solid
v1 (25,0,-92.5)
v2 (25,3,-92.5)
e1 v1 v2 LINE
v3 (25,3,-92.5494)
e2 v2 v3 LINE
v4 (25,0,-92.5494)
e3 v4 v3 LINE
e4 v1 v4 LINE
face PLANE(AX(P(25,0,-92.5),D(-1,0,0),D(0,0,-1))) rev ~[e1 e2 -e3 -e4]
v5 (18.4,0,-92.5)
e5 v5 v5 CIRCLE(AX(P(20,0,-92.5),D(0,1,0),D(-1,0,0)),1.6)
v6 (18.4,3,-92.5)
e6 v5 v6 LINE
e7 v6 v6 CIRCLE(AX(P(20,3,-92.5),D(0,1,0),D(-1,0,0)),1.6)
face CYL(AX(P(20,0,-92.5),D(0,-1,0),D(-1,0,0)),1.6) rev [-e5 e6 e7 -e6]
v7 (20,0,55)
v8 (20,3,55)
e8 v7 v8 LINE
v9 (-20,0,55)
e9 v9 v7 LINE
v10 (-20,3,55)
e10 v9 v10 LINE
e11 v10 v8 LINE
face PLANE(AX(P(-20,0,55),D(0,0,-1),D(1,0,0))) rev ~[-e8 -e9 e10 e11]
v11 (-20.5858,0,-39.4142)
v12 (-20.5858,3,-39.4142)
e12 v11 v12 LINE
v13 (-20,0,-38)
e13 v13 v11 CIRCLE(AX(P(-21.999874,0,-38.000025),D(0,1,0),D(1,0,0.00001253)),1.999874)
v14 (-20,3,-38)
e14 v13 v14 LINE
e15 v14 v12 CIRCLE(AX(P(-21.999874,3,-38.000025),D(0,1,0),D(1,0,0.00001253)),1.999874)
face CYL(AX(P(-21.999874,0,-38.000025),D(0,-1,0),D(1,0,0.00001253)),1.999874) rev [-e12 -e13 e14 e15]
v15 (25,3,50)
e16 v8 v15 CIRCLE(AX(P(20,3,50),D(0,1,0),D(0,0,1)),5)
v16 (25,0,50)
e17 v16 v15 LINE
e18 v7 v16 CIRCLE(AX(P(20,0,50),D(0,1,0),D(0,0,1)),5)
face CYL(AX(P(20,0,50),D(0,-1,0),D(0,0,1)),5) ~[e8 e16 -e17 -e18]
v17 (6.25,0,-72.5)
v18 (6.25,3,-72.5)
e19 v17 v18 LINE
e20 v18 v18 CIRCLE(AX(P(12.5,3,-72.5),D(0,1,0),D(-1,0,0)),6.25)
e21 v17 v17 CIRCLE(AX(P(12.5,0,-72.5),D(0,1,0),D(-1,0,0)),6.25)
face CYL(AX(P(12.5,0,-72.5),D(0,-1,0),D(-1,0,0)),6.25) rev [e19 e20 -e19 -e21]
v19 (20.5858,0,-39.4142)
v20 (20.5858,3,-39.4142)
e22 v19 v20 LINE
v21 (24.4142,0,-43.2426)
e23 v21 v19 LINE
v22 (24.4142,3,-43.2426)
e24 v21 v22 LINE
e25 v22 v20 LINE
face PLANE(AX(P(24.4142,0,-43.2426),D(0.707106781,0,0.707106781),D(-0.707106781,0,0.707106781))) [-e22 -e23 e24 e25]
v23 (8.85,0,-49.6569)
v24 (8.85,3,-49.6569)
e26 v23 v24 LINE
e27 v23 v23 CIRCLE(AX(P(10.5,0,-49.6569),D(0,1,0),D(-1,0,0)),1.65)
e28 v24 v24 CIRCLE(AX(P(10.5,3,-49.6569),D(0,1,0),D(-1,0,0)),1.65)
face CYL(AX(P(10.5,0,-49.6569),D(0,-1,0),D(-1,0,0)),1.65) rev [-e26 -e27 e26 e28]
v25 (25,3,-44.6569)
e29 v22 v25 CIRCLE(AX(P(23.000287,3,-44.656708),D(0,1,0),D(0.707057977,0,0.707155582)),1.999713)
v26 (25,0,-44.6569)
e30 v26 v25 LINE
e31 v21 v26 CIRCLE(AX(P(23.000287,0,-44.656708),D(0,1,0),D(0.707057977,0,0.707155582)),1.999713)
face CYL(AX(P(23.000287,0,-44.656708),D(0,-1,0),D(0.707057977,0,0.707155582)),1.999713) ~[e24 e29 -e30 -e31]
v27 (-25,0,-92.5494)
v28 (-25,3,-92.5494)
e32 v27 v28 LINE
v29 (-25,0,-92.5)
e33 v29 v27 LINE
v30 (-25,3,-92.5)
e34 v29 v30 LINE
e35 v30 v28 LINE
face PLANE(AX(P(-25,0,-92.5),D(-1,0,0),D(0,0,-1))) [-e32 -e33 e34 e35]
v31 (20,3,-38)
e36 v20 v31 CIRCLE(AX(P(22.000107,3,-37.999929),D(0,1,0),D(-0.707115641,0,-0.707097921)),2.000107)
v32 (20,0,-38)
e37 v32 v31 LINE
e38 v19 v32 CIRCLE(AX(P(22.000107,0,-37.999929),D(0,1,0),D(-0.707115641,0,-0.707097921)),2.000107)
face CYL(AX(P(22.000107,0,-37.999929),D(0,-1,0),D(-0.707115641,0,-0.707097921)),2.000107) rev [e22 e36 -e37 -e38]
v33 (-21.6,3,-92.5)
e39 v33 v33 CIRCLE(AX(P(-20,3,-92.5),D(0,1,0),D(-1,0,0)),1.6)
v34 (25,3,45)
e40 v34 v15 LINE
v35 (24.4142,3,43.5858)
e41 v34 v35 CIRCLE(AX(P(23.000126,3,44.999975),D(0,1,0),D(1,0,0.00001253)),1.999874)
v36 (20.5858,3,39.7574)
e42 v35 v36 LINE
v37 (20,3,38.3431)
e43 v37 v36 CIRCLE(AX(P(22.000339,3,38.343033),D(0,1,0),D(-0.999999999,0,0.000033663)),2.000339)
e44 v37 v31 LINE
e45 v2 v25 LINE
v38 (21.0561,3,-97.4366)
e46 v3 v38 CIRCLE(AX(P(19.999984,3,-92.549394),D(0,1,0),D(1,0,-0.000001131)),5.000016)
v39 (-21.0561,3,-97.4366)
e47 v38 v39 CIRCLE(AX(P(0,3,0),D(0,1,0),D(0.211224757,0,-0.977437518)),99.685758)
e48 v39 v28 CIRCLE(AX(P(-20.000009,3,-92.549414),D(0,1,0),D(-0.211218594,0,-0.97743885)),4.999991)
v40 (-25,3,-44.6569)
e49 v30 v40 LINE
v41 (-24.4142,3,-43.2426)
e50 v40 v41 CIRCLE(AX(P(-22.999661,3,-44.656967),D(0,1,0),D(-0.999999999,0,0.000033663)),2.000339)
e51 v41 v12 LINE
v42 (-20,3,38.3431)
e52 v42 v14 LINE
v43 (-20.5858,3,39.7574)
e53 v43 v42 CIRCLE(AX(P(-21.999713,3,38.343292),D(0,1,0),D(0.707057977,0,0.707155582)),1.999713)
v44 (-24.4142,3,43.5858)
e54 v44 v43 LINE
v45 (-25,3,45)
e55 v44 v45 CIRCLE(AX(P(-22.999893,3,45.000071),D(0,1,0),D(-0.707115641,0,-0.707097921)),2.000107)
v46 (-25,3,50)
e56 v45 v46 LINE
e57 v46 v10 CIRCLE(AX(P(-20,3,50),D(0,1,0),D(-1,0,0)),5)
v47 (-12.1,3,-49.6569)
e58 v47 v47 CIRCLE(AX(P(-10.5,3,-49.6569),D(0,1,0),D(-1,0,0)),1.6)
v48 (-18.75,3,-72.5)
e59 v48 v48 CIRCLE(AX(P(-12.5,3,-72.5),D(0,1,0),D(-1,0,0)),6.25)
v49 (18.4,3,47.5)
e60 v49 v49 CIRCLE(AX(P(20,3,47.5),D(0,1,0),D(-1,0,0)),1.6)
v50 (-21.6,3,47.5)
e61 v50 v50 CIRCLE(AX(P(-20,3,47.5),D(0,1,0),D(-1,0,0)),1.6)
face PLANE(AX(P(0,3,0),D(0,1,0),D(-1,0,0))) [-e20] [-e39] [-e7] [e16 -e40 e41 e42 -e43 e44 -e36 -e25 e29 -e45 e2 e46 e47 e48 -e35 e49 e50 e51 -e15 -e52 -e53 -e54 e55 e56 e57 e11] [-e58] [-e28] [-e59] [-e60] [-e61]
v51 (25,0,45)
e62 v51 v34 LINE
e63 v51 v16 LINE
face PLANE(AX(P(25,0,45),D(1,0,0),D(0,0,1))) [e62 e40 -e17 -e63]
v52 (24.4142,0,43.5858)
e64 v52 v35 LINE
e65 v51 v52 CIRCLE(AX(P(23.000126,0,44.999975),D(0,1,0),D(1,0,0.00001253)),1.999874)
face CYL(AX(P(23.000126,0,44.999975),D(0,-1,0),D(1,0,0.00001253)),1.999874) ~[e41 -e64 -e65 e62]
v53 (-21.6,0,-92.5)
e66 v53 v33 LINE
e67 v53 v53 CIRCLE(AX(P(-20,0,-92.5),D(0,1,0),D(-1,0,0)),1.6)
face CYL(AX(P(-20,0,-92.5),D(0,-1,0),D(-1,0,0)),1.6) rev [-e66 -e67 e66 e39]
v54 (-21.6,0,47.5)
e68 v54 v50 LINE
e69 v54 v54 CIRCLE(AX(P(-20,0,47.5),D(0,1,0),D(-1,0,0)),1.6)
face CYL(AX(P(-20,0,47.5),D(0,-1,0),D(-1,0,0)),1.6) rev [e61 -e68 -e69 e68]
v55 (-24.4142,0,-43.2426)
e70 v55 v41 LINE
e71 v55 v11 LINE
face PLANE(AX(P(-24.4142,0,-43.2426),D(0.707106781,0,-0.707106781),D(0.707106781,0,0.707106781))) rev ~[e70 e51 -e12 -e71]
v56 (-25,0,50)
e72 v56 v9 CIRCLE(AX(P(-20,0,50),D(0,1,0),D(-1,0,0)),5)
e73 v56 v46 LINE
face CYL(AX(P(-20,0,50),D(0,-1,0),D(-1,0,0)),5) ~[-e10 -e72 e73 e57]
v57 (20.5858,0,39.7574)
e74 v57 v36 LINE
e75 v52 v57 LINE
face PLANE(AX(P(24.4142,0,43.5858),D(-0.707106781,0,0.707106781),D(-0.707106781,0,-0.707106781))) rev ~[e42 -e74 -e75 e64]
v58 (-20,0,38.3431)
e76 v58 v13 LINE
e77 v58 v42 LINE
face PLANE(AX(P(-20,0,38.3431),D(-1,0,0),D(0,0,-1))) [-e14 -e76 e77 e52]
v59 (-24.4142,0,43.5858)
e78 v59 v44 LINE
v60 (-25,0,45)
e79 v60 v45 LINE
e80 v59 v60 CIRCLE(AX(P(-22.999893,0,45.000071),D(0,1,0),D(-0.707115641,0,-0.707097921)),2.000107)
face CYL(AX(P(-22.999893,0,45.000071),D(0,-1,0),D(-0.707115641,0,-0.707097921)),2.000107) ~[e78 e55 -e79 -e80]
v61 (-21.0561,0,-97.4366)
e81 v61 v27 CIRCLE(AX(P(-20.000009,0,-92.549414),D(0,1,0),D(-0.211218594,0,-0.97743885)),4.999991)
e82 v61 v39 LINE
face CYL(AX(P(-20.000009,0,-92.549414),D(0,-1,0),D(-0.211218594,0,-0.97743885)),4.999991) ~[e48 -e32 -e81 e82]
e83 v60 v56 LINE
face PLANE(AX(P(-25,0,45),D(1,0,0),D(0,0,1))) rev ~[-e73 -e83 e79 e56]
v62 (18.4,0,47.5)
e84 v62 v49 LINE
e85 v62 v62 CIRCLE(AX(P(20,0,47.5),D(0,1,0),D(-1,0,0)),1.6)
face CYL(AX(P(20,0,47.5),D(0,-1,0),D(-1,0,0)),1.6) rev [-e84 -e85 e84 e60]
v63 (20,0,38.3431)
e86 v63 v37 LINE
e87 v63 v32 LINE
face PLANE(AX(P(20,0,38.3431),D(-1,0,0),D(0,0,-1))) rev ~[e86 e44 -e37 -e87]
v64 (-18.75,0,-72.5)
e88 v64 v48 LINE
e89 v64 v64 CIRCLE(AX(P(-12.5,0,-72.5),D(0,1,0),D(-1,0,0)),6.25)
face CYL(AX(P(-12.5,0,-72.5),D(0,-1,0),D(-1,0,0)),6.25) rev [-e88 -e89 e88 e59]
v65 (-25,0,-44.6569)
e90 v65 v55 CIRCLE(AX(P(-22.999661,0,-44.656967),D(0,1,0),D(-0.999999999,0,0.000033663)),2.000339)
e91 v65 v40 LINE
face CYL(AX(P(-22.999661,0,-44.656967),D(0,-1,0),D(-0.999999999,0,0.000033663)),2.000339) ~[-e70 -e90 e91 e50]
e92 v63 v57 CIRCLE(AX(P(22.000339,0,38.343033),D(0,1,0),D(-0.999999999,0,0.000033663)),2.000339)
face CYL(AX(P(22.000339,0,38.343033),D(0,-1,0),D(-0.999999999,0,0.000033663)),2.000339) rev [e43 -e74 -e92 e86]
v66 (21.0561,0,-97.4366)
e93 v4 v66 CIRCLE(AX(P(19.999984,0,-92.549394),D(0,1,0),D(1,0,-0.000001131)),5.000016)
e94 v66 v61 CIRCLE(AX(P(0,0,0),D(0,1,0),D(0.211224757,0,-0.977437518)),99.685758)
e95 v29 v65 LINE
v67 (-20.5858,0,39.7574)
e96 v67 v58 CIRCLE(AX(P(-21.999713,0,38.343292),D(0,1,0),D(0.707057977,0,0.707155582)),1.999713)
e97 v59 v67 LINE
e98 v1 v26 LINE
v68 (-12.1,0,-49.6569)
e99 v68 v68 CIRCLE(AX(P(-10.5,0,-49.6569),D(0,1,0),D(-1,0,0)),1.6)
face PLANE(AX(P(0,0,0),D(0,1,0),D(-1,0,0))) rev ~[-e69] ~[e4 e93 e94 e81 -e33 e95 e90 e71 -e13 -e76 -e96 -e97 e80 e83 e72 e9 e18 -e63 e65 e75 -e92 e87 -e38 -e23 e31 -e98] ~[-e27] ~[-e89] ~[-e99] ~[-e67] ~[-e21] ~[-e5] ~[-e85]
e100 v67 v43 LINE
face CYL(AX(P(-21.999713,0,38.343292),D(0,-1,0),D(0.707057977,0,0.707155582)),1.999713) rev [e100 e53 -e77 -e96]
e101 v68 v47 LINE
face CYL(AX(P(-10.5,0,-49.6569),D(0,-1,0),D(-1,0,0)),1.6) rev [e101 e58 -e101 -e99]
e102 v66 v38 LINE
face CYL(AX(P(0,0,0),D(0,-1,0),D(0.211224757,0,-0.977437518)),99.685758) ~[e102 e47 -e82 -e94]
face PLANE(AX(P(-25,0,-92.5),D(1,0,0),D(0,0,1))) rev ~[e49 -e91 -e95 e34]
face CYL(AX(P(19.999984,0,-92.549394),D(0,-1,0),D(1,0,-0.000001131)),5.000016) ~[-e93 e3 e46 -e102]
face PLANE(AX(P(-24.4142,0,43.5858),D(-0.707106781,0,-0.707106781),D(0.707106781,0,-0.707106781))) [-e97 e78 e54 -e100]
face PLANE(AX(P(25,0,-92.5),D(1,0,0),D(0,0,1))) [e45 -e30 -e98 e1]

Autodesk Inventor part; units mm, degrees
ref_plane "YZ Plane" through (0, 0, 0) normal (1, 0, 0) x (0, 1, 0)
ref_plane "XZ Plane" through (0, 0, 0) normal (0, 1, 0) x (-1, 0, 0)
ref_plane "XY Plane" through (0, 0, 0) normal (0, 0, 1) x (1, 0, 0)
sketch "Sketch1" plane through (0, 0, 0) normal (0, 1, 0) x (-1, 0, 0)
  circle A0 centre (-20, 47.5) radius 1.6
  circle A1 centre (20, 47.5) radius 1.6
  circle A2 centre (-20, -92.5) radius 1.6
  circle A3 centre (20, -92.5) radius 1.6
  line L0 (20, 55) -> (-20, 55)
  line L1 (-25, -92.5) -> (-25, -92.5494)
  line L2 (25, -92.5) -> (25, -92.5494)
  arc A4 (-21.0561, -97.4366) -> (21.0561, -97.4366) centre (0, 0) ccw
  arc A5 (21.0561, -97.4366) -> (25, -92.5494) centre (20, -92.5494) ccw
  arc A6 (-25, -92.5494) -> (-21.0561, -97.4366) centre (-20, -92.5494) ccw
  arc A7 (-20, 55) -> (-25, 50) centre (-20, 50) ccw
  arc A8 (25, 50) -> (20, 55) centre (20, 50) ccw
  circle A9 centre (-10.5, -49.6569) radius 1.65
  circle A10 centre (10.5, -49.6569) radius 1.6
  circle A11 centre (-12.5, -72.5) radius 6.25
  circle A12 centre (12.5, -72.5) radius 6.25
  line L3 (-20, 38.3431) -> (-20, -38)
  line L4 (-24.4142, 43.5858) -> (-20.5858, 39.7574)
  line L5 (-24.4142, -43.2426) -> (-20.5858, -39.4142)
  line L6 (-25, -92.5494) -> (-25, -44.6569)
  line L7 (-25, 45) -> (-25, 50)
  line L8 (20, 38.3431) -> (20, -38)
  line L9 (24.4142, 43.5858) -> (20.5858, 39.7574)
  line L10 (24.4142, -43.2426) -> (20.5858, -39.4142)
  line L11 (25, -92.5494) -> (25, -44.6569)
  line L12 (25, 45) -> (25, 50)
  arc A13 (-25, 45) -> (-24.4142, 43.5858) centre (-23, 45) ccw
  arc A14 (-20, 38.3431) -> (-20.5858, 39.7574) centre (-22, 38.3431) ccw
  arc A15 (-20.5858, -39.4142) -> (-20, -38) centre (-22, -38) ccw
  arc A16 (-24.4142, -43.2426) -> (-25, -44.6569) centre (-23, -44.6569) ccw
  arc A17 (25, -44.6569) -> (24.4142, -43.2426) centre (23, -44.6569) ccw
  arc A18 (20, -38) -> (20.5858, -39.4142) centre (22, -38) ccw
  arc A19 (20.5858, 39.7574) -> (20, 38.3431) centre (22, 38.3431) ccw
  arc A20 (24.4142, 43.5858) -> (25, 45) centre (23, 45) ccw
extrude "Extrusion1" add sketch "Sketch1" along normal blind 3
properties part number "Top Plate" material "Polycarbonate, Clear"
